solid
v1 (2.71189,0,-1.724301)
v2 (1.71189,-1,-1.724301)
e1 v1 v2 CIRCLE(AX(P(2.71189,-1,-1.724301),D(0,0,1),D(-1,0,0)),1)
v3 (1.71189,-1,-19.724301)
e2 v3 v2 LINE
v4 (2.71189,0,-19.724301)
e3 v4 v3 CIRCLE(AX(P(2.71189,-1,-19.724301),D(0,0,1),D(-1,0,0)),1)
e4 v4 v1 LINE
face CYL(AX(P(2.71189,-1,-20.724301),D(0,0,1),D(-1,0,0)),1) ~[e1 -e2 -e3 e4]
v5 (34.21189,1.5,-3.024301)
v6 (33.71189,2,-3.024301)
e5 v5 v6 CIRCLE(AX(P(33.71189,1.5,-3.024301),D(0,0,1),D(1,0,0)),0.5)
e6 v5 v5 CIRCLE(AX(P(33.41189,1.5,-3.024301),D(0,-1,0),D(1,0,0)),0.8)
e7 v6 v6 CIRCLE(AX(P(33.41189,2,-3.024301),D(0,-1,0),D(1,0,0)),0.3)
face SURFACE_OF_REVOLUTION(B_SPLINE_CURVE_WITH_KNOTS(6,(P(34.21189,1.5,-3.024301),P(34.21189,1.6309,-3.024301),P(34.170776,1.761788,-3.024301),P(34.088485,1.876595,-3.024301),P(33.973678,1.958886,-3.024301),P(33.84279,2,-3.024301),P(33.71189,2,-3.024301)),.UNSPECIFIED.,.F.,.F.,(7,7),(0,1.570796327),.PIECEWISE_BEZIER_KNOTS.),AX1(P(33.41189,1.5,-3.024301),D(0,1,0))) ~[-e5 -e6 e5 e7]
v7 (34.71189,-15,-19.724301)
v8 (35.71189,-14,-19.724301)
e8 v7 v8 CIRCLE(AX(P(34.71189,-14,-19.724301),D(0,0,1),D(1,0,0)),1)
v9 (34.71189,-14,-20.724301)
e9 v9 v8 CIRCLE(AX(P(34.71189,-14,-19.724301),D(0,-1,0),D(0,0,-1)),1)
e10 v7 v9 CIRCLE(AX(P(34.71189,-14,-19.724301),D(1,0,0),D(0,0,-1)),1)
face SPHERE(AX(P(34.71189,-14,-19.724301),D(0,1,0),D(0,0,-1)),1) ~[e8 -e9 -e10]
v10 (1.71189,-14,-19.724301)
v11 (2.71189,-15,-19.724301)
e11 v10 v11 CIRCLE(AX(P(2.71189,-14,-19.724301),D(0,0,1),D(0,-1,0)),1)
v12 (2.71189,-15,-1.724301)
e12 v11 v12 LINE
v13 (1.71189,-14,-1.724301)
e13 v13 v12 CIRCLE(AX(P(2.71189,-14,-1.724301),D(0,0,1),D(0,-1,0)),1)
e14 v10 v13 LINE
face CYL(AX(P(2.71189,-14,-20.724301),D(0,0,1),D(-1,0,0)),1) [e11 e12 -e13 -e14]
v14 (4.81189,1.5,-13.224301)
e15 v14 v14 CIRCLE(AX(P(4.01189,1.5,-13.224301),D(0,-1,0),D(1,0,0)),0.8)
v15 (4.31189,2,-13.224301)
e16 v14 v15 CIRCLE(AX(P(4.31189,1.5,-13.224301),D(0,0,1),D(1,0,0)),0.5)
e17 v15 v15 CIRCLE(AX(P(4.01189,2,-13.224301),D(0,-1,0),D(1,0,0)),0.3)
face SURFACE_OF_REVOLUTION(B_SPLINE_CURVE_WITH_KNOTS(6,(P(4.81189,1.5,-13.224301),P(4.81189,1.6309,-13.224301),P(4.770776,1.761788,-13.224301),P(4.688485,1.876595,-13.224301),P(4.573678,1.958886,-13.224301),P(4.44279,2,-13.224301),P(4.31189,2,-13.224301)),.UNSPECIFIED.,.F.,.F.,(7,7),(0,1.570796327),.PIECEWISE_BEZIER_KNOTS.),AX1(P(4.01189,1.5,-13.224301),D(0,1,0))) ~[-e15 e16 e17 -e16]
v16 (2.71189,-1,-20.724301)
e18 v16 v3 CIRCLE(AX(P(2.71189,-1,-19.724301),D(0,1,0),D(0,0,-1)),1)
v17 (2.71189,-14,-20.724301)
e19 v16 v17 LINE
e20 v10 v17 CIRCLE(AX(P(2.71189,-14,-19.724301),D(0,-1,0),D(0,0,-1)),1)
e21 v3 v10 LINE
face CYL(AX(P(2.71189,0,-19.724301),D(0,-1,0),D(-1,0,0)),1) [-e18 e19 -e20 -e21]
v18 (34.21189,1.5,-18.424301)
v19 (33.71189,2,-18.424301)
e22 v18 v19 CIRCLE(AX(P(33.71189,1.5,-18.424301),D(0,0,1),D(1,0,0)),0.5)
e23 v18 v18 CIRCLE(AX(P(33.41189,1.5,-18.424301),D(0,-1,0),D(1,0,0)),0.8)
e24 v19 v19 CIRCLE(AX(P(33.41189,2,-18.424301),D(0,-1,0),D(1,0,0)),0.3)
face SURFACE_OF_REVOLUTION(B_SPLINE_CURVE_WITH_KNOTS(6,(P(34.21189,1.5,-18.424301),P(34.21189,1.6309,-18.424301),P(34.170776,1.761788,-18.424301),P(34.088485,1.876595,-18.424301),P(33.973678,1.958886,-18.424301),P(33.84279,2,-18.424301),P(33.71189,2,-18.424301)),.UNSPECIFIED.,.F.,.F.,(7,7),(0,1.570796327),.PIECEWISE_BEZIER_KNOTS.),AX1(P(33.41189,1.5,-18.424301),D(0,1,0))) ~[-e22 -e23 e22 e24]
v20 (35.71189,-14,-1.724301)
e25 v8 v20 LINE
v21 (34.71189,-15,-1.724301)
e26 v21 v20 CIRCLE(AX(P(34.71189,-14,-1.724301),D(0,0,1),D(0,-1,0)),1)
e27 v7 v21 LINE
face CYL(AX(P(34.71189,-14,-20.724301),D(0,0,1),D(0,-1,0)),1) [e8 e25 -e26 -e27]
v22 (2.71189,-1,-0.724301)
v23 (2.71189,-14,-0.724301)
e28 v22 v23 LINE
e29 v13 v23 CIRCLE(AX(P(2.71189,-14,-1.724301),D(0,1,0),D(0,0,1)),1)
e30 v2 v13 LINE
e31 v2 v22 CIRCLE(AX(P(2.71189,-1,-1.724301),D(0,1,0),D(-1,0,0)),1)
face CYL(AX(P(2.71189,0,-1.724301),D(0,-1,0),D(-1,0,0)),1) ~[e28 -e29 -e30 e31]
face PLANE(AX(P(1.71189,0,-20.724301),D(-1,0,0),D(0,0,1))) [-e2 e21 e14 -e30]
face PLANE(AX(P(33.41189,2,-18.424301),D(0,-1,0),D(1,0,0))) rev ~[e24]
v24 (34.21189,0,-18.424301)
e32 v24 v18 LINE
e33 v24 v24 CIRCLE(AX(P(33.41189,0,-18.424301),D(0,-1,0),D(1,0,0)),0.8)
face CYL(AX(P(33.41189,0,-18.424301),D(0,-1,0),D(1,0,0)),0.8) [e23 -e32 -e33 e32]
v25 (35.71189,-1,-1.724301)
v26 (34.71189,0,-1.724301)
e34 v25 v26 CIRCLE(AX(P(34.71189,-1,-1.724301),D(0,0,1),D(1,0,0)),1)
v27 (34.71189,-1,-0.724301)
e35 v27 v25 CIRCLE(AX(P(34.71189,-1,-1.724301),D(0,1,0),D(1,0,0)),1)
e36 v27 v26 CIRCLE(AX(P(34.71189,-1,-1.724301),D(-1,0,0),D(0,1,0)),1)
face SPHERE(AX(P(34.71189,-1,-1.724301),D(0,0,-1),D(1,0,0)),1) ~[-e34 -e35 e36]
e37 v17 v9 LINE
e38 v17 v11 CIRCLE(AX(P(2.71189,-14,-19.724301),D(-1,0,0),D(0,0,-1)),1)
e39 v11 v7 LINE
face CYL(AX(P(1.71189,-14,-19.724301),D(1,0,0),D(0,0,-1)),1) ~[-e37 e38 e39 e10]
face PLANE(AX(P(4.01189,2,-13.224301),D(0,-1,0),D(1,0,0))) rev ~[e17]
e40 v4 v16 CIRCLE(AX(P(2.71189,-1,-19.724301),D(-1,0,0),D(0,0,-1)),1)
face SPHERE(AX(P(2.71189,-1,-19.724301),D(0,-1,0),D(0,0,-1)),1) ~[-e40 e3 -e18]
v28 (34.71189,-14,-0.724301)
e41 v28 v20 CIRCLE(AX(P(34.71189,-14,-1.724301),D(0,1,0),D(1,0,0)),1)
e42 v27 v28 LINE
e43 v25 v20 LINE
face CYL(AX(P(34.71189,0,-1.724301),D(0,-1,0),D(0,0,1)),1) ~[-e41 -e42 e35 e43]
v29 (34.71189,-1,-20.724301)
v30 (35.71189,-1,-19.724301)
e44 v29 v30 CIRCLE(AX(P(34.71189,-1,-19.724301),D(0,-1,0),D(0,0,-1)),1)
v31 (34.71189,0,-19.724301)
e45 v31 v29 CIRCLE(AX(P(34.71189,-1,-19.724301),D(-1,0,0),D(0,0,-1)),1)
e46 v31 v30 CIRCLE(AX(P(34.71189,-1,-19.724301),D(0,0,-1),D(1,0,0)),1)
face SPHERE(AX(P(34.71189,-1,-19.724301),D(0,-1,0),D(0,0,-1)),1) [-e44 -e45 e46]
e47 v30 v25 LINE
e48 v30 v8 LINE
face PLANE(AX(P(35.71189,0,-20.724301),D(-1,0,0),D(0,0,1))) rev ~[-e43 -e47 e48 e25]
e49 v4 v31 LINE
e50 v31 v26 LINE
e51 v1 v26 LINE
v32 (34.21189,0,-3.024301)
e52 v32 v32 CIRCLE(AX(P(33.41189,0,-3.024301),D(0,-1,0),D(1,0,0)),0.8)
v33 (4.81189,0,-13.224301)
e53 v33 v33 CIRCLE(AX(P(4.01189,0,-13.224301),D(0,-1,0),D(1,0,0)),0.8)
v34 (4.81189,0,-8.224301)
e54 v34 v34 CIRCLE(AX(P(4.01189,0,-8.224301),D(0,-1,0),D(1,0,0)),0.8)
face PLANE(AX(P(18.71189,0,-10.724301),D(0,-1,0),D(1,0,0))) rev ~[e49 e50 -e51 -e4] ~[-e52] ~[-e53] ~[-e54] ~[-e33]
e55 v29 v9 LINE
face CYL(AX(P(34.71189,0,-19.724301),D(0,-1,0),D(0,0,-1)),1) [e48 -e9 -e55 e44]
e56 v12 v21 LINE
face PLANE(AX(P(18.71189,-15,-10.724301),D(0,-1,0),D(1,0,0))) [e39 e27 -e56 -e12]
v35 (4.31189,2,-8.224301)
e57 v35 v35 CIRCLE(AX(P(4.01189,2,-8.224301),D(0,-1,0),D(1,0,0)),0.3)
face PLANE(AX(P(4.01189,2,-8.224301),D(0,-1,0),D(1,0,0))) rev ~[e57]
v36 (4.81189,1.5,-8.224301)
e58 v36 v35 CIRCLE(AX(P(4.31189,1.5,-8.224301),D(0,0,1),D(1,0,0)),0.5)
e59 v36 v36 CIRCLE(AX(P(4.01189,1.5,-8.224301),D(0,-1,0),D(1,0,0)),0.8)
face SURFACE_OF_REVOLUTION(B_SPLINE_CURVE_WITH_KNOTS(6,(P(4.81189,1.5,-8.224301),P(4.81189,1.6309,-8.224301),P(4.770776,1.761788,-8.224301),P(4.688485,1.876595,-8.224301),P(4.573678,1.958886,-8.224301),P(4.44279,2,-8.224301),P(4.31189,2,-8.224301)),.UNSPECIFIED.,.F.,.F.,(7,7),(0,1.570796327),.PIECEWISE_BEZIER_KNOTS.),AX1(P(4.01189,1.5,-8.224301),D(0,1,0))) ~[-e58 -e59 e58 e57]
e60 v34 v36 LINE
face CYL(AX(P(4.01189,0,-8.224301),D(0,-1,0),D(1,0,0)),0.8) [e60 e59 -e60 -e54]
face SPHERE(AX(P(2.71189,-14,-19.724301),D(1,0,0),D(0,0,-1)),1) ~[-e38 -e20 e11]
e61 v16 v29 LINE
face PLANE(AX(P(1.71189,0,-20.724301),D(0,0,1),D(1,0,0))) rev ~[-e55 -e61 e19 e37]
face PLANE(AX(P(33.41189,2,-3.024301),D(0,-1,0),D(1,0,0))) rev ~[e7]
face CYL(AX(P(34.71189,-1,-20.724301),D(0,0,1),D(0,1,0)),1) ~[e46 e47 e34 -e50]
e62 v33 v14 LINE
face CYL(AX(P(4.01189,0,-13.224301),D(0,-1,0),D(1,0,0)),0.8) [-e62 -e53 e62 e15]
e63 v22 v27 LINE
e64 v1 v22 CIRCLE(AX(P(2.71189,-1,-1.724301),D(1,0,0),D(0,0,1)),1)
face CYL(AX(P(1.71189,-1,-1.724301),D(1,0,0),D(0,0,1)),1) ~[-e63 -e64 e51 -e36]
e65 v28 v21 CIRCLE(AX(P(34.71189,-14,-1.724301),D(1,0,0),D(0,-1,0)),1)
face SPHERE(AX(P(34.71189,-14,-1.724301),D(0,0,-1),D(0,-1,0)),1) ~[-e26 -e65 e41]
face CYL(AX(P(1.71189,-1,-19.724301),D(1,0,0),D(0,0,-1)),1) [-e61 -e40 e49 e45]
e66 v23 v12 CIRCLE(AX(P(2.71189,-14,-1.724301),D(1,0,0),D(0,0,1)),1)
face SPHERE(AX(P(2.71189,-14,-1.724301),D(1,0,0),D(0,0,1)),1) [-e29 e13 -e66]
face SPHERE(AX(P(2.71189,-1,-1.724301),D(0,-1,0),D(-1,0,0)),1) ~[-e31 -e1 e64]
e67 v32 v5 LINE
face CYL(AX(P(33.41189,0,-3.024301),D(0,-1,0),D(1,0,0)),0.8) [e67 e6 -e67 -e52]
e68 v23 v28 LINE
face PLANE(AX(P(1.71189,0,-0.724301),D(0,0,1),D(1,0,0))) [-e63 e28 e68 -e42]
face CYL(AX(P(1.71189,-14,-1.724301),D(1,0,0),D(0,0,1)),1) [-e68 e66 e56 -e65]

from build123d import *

# Parameters (mm, degrees)
SKETCH_W     = 34
SKETCH_H     = 20
PAD_DEPTH    = 15
SKETCH001_R  = 0.8
PAD001_DEPTH = 2
FILLET_R     = 1
FILLET001_R  = 0.5


with BuildPart() as part:
    # Sketch → Pad (new body)
    with BuildSketch(Plane.XZ):
        with Locations((18.71189, -10.724301)):
            Rectangle(SKETCH_W, SKETCH_H)
    extrude(amount=PAD_DEPTH)

    # Sketch001 → Pad001 (join)
    with BuildSketch(Plane.XZ):
        with Locations((4.01189, -13.224301)):
            Circle(SKETCH001_R)
        with Locations((4.01189, -8.224301)):
            Circle(SKETCH001_R)
        with Locations((33.41189, -18.424301)):
            Circle(SKETCH001_R)
        with Locations((33.41189, -3.024301)):
            Circle(SKETCH001_R)
    extrude(amount=-PAD001_DEPTH)

    # Fillet
    fillet_edges = [part.edges().sort_by_distance(p)[0] for p in [
        (35.71189, -7.5, -20.724301),
        (18.71189, -15, -20.724301),
        (1.71189, -7.5, -20.724301),
        (18.71189, 0, -20.724301),
        (35.71189, -15, -10.724301),
        (35.71189, 0, -10.724301),
        (18.71189, -15, -0.724301),
        (35.71189, -7.5, -0.724301),
        (1.71189, -7.5, -0.724301),
        (1.71189, -15, -10.724301),
        (1.71189, 0, -10.724301),
        (18.71189, 0, -0.724301),
    ]]
    fillet(fillet_edges, radius=FILLET_R)

    # Fillet001
    fillet001_edges = [part.edges().sort_by_distance(p)[0] for p in [
        (3.21189, 2, -13.224301),
        (3.21189, 2, -8.224301),
        (32.61189, 2, -3.024301),
        (32.61189, 2, -18.424301),
    ]]
    fillet(fillet001_edges, radius=FILLET001_R)


solid = part.part
